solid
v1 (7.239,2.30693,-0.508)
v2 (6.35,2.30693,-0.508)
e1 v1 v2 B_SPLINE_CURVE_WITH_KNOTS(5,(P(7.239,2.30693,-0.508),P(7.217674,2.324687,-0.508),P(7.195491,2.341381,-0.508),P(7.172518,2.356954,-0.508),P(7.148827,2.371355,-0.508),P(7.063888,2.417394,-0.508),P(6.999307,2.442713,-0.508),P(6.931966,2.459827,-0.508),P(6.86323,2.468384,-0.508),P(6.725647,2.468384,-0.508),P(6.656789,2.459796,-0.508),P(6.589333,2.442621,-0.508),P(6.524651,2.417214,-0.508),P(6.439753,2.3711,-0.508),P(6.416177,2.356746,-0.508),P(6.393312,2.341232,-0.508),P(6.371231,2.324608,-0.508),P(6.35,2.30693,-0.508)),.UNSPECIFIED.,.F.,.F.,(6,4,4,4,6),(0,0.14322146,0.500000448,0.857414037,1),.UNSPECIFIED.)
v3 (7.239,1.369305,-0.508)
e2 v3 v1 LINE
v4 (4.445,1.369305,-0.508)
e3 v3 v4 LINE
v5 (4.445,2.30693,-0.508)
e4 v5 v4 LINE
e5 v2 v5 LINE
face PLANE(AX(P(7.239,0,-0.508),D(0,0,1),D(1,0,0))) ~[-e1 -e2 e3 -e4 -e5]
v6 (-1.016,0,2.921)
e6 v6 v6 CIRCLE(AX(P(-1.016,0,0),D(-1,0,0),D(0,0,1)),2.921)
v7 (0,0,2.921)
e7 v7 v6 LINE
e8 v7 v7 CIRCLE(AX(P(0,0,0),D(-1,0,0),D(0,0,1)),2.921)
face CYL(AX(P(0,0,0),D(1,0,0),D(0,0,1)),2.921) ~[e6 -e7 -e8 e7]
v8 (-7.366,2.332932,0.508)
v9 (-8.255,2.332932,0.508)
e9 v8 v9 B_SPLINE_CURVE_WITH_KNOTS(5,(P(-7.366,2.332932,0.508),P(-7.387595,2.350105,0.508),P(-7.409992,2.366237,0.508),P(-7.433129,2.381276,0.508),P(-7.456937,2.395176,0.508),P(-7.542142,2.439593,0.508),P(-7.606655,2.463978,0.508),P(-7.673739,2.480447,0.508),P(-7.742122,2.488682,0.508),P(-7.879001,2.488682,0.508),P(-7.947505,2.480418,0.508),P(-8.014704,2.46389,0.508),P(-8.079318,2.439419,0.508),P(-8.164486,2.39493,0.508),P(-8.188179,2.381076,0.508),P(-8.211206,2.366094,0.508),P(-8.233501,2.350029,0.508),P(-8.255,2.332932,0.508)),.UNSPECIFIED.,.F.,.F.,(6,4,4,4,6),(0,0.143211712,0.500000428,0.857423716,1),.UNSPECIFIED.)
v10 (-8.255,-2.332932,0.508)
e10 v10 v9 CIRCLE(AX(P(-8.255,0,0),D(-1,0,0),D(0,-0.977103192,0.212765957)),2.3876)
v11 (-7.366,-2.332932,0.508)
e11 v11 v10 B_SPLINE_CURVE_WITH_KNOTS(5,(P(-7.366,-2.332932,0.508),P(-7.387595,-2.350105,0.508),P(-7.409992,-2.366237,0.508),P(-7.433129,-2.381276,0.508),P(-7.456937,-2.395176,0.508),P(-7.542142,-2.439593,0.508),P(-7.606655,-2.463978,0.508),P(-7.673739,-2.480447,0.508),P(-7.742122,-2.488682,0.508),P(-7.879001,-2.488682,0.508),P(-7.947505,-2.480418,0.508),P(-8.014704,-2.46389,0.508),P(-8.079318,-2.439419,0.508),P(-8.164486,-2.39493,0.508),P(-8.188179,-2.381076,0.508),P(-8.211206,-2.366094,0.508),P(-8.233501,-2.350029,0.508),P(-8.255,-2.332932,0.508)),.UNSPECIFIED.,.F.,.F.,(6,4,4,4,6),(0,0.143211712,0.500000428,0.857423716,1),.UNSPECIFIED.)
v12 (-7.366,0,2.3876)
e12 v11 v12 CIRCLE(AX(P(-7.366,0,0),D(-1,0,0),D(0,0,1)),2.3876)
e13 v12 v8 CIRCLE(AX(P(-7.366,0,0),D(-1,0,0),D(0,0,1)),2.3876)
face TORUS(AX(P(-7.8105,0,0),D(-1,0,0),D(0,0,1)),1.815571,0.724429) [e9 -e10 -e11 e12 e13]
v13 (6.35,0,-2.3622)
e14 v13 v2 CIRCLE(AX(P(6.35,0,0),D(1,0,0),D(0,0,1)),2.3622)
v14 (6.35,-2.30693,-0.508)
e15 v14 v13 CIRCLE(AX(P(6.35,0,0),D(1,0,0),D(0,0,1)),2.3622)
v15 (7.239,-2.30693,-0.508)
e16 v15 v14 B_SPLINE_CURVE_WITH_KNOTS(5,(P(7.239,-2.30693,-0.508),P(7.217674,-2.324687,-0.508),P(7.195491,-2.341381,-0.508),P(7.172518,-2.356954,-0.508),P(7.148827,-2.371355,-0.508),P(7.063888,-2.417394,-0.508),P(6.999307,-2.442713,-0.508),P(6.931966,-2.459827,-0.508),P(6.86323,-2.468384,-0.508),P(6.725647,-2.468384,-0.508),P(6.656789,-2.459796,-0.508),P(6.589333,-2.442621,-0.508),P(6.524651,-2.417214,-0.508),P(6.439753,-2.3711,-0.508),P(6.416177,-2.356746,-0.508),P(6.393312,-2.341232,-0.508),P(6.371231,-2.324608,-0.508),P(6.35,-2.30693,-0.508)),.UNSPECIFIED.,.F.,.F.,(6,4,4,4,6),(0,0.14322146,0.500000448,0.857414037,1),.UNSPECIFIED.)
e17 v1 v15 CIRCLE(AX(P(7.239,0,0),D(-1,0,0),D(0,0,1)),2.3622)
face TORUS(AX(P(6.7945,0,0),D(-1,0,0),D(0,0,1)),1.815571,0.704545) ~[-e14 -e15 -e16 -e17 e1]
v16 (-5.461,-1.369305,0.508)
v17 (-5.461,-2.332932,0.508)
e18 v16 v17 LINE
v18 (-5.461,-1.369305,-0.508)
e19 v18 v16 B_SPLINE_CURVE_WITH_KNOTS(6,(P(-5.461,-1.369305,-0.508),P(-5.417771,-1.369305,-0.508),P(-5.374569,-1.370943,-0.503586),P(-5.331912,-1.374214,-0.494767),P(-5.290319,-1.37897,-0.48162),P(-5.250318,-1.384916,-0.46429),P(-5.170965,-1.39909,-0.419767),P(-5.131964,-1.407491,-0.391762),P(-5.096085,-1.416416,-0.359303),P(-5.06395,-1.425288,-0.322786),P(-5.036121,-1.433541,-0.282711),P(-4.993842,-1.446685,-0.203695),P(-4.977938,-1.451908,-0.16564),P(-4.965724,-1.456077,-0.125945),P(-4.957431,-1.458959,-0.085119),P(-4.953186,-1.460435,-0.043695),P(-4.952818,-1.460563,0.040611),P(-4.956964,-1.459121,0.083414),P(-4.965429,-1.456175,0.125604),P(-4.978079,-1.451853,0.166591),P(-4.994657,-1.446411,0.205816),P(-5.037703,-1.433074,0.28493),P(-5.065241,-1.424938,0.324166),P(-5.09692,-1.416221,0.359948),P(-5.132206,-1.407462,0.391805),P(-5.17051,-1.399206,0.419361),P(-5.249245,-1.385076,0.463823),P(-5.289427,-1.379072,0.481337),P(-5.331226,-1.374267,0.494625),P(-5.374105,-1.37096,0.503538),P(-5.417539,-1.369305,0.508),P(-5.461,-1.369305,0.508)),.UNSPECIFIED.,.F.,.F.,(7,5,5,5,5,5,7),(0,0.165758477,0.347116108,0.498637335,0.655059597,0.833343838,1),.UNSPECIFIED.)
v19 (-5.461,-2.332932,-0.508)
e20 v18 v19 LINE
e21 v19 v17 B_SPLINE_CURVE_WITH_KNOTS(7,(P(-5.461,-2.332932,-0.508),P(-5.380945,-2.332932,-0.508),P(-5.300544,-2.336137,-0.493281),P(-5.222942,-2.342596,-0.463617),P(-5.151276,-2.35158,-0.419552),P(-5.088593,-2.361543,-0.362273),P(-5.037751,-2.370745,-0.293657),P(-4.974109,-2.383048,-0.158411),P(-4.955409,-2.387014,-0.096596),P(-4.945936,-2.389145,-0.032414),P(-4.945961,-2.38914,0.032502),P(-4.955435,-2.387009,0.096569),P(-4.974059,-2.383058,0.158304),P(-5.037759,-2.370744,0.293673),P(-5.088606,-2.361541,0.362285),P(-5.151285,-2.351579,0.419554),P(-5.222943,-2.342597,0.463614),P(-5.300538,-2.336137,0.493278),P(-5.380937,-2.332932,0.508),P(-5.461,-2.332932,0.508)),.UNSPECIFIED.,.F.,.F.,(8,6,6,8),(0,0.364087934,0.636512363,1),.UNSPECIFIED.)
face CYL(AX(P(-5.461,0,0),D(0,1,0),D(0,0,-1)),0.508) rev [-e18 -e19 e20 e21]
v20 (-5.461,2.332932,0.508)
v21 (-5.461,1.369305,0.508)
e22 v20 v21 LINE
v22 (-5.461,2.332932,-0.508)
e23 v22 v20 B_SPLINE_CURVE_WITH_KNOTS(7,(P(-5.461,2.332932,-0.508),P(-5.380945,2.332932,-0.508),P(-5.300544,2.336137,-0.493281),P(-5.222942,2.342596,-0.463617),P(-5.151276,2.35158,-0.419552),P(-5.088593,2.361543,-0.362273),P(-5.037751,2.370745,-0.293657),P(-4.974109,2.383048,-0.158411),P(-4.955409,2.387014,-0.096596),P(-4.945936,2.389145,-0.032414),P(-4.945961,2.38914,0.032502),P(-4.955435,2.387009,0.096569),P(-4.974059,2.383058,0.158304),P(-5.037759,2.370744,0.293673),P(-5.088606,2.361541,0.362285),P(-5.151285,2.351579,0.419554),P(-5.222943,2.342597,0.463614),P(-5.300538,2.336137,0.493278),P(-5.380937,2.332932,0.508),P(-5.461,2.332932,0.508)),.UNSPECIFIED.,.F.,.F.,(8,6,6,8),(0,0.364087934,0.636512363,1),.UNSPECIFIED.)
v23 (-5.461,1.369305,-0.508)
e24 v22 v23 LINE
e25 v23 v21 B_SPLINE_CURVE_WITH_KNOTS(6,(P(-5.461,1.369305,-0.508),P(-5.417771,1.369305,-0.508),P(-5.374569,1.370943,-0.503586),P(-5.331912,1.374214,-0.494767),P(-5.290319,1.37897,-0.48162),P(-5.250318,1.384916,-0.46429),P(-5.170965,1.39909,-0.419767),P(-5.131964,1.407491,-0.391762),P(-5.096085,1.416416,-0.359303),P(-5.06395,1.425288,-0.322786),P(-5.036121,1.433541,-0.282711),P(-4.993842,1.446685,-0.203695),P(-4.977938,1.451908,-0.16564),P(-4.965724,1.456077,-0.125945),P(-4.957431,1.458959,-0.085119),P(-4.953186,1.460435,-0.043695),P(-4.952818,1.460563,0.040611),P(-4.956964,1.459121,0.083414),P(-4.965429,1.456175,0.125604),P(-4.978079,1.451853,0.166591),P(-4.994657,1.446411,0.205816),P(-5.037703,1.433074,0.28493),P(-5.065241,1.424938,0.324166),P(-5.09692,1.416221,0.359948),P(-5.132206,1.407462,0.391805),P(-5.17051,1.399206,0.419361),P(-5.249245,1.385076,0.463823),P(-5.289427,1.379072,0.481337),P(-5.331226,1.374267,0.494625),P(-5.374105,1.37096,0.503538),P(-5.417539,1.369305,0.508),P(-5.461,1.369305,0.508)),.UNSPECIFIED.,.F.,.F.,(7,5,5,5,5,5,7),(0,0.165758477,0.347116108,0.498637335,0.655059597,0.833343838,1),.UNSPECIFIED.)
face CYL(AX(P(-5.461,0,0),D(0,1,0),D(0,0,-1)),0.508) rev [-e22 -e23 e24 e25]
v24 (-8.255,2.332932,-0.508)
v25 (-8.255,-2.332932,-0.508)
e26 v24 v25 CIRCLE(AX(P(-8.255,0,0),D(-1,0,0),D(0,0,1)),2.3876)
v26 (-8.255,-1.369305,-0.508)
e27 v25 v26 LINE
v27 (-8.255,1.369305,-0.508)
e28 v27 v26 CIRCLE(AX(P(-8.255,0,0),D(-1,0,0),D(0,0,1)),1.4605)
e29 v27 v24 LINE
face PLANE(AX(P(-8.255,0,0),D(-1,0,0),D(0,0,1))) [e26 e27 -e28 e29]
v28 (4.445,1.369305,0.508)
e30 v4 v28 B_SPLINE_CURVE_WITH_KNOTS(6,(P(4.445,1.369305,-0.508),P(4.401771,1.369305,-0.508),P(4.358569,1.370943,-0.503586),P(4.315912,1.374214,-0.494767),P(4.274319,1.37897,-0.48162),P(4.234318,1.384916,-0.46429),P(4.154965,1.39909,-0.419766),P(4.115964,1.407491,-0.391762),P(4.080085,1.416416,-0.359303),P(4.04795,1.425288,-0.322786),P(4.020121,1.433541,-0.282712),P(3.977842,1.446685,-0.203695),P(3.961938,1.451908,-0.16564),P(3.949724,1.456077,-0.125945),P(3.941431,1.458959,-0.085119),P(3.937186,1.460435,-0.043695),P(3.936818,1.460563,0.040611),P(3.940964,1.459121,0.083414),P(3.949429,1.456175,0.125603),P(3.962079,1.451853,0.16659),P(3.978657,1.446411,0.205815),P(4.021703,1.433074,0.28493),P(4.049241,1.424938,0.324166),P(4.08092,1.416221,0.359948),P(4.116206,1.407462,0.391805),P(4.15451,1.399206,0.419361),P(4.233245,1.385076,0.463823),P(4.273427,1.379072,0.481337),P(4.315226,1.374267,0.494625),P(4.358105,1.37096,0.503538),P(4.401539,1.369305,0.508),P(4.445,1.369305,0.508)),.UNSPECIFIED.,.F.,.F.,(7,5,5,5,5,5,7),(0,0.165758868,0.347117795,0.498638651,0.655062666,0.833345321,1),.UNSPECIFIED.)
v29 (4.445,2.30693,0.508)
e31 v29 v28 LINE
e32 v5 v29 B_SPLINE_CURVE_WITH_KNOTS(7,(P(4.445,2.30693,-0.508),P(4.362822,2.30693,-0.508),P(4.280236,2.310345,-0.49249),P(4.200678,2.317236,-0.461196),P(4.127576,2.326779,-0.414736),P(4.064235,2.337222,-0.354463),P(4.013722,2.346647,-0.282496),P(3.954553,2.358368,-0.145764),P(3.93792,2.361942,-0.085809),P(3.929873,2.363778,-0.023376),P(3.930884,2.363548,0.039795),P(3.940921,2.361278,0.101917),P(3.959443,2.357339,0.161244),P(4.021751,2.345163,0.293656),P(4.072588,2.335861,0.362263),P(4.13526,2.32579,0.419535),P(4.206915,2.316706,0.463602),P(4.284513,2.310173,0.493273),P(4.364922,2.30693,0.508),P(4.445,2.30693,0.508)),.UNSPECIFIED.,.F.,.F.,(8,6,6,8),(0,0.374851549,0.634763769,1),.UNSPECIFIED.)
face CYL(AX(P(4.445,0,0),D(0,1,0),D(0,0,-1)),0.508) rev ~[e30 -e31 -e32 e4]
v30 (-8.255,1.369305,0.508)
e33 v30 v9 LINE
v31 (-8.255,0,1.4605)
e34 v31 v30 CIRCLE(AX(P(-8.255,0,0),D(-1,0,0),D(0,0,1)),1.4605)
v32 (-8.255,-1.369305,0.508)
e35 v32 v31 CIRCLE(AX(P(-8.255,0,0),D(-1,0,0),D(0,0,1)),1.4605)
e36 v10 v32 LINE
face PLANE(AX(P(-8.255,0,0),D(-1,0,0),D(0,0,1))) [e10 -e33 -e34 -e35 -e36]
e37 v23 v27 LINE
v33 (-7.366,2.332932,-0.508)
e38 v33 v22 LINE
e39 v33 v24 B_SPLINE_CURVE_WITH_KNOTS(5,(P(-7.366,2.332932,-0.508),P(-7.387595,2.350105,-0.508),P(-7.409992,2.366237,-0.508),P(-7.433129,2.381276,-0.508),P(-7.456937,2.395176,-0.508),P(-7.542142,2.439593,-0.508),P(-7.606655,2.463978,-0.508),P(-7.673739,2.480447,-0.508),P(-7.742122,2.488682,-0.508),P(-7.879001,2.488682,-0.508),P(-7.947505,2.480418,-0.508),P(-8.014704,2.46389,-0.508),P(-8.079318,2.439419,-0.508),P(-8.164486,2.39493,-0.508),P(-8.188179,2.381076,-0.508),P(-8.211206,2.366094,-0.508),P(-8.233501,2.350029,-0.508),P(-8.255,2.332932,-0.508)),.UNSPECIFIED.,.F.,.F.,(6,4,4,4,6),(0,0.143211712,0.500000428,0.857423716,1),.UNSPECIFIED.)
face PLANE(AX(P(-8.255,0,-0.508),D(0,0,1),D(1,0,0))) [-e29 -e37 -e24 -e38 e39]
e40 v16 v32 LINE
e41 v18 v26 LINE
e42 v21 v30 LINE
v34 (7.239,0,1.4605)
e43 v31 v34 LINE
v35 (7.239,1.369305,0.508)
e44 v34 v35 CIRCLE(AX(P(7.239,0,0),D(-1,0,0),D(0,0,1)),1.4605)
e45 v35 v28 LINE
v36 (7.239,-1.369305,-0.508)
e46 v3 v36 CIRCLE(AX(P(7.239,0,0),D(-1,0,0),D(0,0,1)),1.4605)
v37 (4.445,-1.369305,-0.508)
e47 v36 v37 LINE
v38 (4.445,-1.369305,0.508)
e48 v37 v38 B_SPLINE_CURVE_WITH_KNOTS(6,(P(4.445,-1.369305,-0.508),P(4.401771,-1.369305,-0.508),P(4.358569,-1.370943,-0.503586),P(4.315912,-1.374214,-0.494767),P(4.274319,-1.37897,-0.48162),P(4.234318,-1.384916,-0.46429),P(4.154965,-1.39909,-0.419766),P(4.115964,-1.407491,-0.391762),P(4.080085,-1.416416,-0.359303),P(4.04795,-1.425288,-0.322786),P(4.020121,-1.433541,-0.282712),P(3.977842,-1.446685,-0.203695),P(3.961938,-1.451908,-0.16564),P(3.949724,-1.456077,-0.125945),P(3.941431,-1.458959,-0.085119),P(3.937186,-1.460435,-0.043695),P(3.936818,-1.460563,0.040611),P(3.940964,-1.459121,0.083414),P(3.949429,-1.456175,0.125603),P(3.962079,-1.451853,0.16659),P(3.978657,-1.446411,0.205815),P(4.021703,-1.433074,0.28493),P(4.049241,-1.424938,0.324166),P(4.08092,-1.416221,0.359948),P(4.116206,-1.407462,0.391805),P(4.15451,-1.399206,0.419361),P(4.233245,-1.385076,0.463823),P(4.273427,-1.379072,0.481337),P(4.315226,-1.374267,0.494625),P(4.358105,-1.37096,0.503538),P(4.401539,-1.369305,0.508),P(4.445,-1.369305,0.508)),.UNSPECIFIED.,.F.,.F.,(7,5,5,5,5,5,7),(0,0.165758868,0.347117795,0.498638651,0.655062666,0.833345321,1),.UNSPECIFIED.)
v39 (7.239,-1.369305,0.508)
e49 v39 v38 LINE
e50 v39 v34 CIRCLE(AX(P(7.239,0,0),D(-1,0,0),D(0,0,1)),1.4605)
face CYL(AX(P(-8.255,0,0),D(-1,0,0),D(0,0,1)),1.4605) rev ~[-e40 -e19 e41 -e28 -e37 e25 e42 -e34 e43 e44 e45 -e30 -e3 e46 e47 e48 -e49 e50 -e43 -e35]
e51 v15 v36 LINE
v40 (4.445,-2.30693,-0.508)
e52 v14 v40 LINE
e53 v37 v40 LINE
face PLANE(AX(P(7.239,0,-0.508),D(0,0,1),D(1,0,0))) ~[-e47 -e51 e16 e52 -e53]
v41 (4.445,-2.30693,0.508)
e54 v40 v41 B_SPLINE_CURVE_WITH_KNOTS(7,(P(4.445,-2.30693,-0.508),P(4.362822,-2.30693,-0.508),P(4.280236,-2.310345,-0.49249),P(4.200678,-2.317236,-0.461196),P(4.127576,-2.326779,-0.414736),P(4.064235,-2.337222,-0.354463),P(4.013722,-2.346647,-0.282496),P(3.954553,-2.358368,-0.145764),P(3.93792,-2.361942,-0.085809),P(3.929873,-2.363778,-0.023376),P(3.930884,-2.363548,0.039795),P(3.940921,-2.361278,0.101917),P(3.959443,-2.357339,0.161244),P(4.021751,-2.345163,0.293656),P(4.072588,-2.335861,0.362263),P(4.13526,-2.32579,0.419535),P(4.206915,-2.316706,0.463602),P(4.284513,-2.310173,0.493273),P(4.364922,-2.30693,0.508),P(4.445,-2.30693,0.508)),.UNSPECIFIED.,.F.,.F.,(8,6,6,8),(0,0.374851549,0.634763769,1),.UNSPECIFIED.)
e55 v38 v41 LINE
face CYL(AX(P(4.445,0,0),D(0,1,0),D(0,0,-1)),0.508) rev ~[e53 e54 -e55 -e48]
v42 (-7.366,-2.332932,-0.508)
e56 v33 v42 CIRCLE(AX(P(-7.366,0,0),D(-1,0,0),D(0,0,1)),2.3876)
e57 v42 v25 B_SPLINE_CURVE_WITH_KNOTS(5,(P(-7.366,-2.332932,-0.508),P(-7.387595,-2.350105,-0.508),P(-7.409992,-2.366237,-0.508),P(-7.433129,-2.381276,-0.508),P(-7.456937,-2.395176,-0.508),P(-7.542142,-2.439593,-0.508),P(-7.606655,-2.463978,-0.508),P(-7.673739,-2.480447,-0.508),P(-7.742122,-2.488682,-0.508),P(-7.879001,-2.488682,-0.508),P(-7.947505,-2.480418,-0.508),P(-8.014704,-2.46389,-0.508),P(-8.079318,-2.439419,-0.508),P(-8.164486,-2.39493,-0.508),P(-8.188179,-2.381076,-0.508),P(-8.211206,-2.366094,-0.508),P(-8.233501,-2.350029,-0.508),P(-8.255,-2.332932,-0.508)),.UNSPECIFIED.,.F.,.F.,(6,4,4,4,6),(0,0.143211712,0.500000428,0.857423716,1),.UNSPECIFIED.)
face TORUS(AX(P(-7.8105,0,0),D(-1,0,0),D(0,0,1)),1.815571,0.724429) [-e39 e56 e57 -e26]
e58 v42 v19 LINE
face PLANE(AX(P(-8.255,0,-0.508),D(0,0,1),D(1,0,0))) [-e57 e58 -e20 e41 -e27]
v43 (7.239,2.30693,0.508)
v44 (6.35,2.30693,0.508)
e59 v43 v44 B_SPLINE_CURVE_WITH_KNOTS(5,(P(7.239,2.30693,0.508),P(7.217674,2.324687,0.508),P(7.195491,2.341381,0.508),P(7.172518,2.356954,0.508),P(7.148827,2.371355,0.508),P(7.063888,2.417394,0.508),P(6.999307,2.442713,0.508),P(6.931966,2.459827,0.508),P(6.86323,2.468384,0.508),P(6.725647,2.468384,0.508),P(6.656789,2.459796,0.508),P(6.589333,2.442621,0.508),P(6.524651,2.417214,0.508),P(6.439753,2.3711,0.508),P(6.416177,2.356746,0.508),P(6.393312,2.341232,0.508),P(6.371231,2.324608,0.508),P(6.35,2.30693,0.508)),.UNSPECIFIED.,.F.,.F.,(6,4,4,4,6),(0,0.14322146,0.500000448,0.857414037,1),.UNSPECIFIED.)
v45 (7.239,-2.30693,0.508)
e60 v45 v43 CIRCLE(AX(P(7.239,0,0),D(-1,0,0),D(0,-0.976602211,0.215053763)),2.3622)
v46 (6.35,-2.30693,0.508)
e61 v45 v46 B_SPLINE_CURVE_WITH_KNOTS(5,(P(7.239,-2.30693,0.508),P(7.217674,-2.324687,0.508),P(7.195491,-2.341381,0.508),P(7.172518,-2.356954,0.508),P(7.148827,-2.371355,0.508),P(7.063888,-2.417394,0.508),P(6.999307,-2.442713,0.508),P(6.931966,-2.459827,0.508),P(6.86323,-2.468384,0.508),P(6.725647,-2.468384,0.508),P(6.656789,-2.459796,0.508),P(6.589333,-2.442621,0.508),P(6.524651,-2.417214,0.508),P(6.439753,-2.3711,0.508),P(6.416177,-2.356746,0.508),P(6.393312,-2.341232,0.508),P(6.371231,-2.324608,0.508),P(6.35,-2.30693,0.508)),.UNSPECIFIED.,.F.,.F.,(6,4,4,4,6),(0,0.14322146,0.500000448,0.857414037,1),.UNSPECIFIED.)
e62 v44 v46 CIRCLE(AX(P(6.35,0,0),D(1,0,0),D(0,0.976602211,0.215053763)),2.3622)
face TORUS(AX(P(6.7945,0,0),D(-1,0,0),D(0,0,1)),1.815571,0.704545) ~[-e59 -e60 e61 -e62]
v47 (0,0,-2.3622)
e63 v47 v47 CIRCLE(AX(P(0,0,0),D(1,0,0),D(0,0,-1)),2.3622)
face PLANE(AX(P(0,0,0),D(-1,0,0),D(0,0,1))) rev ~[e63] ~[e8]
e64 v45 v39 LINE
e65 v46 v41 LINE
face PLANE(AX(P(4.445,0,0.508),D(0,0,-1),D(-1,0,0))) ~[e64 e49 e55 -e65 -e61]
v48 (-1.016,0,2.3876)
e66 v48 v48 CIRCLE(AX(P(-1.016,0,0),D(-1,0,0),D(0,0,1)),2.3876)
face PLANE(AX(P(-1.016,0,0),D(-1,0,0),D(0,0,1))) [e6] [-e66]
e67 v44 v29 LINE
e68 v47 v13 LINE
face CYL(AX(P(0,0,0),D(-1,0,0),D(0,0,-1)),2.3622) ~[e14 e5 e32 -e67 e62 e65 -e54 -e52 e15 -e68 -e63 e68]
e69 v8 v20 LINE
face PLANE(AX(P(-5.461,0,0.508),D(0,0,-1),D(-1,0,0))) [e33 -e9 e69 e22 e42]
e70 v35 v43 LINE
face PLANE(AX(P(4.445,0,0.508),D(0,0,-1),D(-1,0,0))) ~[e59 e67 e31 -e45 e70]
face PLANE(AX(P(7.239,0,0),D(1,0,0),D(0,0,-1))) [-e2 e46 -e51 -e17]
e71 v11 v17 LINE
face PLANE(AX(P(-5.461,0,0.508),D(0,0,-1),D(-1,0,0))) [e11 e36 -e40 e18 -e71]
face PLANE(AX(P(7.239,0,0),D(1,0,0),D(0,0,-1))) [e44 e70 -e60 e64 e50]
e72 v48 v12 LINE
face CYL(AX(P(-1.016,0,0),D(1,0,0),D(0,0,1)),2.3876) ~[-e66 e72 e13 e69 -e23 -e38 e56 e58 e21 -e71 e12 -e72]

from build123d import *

# Parameters (mm, degrees)
SKETCH1_R           = 2.3622
BASE_EXTRUDE_DEPTH  = 7.239
SKETCH3_R           = 2.921
BOSS_EXTRUDE1_DEPTH = 1.016
SKETCH4_R           = 2.3876
BOSS_EXTRUDE2_DEPTH = 7.239
SKETCH7_R           = 1.4605
CUT_EXTRUDE2_DEPTH  = 17.035227504
CUT_EXTRUDE4_DEPTH  = 10.230899667


with BuildPart() as part:
    # Sketch1 → Base-Extrude (new body)
    with BuildSketch(Plane(origin=(0, 0, 0), x_dir=(0, 0, -1), z_dir=(1, 0, 0))):
        Circle(SKETCH1_R)
    extrude(amount=BASE_EXTRUDE_DEPTH)

    # Sketch3 → Boss-Extrude1 (add)
    with BuildSketch(Plane.ZY):
        Circle(SKETCH3_R)
    extrude(amount=BOSS_EXTRUDE1_DEPTH)

    # Sketch4 → Boss-Extrude2 (add)
    with BuildSketch(Plane.ZY.offset(1.016)):
        Circle(SKETCH4_R)
    extrude(amount=BOSS_EXTRUDE2_DEPTH)

    # Sketch6 → Boss-Revolve2 (revolve)
    with BuildSketch(Plane(origin=(0, 0, 0), x_dir=(1, 0, 0), z_dir=(0, 1, 0)), mode=Mode.PRIVATE) as boss_revolve2_sk:
        with BuildLine():
            Line((-8.255, 2.3876), (-7.366, 2.3876))
            ThreePointArc((-7.366, 2.3876), (-7.8105, 2.54), (-8.255, 2.3876))
        make_face()
    revolve(boss_revolve2_sk.sketch.rotate(Axis((0, 0, 0), (-1, 0, 0)), 180), axis=Axis((0, 0, 0), (-1, 0, 0)))

    # Sketch9 → Boss-Revolve3 (revolve)
    with BuildSketch(Plane(origin=(0, 0, 0), x_dir=(1, 0, 0), z_dir=(0, 1, 0)), mode=Mode.PRIVATE) as boss_revolve3_sk:
        with BuildLine():
            Line((6.35, 2.3622), (7.239, 2.3622))
            ThreePointArc((7.239, 2.3622), (6.7945, 2.520115861), (6.35, 2.3622))
        make_face()
    revolve(boss_revolve3_sk.sketch.rotate(Axis((0, 0, 0), (1, 0, 0)), 180), axis=Axis((0, 0, 0), (1, 0, 0)))

    # Sketch7 → Cut-Extrude2 (cut, through all)
    with BuildSketch(Plane.ZY.offset(8.255)):
        Circle(SKETCH7_R)
    extrude(amount=-CUT_EXTRUDE2_DEPTH, mode=Mode.SUBTRACT)

    # Sketch8 → Cut-Extrude4 (cut, symmetric)
    with BuildSketch(Plane(origin=(0, 0, 0), x_dir=(1, 0, 0), z_dir=(0, 1, 0))):
        with BuildLine():
            Line((-8.255, 0.508), (-5.461, 0.508))
            ThreePointArc((-5.461, 0.508), (-4.953, 0), (-5.461, -0.508))
            Line((-5.461, -0.508), (-8.255, -0.508))
            Line((-8.255, -0.508), (-8.255, 0.508))
        make_face()
    cut_extrude4 = extrude(amount=CUT_EXTRUDE4_DEPTH, both=True, mode=Mode.SUBTRACT)

    # Mirror7: Cut-Extrude4 across plane
    add(cut_extrude4.mirror(Plane(origin=(-0.508, 0, 0), x_dir=(0, 0, 1), z_dir=(1, 0, 0))), mode=Mode.SUBTRACT)


solid = part.part
